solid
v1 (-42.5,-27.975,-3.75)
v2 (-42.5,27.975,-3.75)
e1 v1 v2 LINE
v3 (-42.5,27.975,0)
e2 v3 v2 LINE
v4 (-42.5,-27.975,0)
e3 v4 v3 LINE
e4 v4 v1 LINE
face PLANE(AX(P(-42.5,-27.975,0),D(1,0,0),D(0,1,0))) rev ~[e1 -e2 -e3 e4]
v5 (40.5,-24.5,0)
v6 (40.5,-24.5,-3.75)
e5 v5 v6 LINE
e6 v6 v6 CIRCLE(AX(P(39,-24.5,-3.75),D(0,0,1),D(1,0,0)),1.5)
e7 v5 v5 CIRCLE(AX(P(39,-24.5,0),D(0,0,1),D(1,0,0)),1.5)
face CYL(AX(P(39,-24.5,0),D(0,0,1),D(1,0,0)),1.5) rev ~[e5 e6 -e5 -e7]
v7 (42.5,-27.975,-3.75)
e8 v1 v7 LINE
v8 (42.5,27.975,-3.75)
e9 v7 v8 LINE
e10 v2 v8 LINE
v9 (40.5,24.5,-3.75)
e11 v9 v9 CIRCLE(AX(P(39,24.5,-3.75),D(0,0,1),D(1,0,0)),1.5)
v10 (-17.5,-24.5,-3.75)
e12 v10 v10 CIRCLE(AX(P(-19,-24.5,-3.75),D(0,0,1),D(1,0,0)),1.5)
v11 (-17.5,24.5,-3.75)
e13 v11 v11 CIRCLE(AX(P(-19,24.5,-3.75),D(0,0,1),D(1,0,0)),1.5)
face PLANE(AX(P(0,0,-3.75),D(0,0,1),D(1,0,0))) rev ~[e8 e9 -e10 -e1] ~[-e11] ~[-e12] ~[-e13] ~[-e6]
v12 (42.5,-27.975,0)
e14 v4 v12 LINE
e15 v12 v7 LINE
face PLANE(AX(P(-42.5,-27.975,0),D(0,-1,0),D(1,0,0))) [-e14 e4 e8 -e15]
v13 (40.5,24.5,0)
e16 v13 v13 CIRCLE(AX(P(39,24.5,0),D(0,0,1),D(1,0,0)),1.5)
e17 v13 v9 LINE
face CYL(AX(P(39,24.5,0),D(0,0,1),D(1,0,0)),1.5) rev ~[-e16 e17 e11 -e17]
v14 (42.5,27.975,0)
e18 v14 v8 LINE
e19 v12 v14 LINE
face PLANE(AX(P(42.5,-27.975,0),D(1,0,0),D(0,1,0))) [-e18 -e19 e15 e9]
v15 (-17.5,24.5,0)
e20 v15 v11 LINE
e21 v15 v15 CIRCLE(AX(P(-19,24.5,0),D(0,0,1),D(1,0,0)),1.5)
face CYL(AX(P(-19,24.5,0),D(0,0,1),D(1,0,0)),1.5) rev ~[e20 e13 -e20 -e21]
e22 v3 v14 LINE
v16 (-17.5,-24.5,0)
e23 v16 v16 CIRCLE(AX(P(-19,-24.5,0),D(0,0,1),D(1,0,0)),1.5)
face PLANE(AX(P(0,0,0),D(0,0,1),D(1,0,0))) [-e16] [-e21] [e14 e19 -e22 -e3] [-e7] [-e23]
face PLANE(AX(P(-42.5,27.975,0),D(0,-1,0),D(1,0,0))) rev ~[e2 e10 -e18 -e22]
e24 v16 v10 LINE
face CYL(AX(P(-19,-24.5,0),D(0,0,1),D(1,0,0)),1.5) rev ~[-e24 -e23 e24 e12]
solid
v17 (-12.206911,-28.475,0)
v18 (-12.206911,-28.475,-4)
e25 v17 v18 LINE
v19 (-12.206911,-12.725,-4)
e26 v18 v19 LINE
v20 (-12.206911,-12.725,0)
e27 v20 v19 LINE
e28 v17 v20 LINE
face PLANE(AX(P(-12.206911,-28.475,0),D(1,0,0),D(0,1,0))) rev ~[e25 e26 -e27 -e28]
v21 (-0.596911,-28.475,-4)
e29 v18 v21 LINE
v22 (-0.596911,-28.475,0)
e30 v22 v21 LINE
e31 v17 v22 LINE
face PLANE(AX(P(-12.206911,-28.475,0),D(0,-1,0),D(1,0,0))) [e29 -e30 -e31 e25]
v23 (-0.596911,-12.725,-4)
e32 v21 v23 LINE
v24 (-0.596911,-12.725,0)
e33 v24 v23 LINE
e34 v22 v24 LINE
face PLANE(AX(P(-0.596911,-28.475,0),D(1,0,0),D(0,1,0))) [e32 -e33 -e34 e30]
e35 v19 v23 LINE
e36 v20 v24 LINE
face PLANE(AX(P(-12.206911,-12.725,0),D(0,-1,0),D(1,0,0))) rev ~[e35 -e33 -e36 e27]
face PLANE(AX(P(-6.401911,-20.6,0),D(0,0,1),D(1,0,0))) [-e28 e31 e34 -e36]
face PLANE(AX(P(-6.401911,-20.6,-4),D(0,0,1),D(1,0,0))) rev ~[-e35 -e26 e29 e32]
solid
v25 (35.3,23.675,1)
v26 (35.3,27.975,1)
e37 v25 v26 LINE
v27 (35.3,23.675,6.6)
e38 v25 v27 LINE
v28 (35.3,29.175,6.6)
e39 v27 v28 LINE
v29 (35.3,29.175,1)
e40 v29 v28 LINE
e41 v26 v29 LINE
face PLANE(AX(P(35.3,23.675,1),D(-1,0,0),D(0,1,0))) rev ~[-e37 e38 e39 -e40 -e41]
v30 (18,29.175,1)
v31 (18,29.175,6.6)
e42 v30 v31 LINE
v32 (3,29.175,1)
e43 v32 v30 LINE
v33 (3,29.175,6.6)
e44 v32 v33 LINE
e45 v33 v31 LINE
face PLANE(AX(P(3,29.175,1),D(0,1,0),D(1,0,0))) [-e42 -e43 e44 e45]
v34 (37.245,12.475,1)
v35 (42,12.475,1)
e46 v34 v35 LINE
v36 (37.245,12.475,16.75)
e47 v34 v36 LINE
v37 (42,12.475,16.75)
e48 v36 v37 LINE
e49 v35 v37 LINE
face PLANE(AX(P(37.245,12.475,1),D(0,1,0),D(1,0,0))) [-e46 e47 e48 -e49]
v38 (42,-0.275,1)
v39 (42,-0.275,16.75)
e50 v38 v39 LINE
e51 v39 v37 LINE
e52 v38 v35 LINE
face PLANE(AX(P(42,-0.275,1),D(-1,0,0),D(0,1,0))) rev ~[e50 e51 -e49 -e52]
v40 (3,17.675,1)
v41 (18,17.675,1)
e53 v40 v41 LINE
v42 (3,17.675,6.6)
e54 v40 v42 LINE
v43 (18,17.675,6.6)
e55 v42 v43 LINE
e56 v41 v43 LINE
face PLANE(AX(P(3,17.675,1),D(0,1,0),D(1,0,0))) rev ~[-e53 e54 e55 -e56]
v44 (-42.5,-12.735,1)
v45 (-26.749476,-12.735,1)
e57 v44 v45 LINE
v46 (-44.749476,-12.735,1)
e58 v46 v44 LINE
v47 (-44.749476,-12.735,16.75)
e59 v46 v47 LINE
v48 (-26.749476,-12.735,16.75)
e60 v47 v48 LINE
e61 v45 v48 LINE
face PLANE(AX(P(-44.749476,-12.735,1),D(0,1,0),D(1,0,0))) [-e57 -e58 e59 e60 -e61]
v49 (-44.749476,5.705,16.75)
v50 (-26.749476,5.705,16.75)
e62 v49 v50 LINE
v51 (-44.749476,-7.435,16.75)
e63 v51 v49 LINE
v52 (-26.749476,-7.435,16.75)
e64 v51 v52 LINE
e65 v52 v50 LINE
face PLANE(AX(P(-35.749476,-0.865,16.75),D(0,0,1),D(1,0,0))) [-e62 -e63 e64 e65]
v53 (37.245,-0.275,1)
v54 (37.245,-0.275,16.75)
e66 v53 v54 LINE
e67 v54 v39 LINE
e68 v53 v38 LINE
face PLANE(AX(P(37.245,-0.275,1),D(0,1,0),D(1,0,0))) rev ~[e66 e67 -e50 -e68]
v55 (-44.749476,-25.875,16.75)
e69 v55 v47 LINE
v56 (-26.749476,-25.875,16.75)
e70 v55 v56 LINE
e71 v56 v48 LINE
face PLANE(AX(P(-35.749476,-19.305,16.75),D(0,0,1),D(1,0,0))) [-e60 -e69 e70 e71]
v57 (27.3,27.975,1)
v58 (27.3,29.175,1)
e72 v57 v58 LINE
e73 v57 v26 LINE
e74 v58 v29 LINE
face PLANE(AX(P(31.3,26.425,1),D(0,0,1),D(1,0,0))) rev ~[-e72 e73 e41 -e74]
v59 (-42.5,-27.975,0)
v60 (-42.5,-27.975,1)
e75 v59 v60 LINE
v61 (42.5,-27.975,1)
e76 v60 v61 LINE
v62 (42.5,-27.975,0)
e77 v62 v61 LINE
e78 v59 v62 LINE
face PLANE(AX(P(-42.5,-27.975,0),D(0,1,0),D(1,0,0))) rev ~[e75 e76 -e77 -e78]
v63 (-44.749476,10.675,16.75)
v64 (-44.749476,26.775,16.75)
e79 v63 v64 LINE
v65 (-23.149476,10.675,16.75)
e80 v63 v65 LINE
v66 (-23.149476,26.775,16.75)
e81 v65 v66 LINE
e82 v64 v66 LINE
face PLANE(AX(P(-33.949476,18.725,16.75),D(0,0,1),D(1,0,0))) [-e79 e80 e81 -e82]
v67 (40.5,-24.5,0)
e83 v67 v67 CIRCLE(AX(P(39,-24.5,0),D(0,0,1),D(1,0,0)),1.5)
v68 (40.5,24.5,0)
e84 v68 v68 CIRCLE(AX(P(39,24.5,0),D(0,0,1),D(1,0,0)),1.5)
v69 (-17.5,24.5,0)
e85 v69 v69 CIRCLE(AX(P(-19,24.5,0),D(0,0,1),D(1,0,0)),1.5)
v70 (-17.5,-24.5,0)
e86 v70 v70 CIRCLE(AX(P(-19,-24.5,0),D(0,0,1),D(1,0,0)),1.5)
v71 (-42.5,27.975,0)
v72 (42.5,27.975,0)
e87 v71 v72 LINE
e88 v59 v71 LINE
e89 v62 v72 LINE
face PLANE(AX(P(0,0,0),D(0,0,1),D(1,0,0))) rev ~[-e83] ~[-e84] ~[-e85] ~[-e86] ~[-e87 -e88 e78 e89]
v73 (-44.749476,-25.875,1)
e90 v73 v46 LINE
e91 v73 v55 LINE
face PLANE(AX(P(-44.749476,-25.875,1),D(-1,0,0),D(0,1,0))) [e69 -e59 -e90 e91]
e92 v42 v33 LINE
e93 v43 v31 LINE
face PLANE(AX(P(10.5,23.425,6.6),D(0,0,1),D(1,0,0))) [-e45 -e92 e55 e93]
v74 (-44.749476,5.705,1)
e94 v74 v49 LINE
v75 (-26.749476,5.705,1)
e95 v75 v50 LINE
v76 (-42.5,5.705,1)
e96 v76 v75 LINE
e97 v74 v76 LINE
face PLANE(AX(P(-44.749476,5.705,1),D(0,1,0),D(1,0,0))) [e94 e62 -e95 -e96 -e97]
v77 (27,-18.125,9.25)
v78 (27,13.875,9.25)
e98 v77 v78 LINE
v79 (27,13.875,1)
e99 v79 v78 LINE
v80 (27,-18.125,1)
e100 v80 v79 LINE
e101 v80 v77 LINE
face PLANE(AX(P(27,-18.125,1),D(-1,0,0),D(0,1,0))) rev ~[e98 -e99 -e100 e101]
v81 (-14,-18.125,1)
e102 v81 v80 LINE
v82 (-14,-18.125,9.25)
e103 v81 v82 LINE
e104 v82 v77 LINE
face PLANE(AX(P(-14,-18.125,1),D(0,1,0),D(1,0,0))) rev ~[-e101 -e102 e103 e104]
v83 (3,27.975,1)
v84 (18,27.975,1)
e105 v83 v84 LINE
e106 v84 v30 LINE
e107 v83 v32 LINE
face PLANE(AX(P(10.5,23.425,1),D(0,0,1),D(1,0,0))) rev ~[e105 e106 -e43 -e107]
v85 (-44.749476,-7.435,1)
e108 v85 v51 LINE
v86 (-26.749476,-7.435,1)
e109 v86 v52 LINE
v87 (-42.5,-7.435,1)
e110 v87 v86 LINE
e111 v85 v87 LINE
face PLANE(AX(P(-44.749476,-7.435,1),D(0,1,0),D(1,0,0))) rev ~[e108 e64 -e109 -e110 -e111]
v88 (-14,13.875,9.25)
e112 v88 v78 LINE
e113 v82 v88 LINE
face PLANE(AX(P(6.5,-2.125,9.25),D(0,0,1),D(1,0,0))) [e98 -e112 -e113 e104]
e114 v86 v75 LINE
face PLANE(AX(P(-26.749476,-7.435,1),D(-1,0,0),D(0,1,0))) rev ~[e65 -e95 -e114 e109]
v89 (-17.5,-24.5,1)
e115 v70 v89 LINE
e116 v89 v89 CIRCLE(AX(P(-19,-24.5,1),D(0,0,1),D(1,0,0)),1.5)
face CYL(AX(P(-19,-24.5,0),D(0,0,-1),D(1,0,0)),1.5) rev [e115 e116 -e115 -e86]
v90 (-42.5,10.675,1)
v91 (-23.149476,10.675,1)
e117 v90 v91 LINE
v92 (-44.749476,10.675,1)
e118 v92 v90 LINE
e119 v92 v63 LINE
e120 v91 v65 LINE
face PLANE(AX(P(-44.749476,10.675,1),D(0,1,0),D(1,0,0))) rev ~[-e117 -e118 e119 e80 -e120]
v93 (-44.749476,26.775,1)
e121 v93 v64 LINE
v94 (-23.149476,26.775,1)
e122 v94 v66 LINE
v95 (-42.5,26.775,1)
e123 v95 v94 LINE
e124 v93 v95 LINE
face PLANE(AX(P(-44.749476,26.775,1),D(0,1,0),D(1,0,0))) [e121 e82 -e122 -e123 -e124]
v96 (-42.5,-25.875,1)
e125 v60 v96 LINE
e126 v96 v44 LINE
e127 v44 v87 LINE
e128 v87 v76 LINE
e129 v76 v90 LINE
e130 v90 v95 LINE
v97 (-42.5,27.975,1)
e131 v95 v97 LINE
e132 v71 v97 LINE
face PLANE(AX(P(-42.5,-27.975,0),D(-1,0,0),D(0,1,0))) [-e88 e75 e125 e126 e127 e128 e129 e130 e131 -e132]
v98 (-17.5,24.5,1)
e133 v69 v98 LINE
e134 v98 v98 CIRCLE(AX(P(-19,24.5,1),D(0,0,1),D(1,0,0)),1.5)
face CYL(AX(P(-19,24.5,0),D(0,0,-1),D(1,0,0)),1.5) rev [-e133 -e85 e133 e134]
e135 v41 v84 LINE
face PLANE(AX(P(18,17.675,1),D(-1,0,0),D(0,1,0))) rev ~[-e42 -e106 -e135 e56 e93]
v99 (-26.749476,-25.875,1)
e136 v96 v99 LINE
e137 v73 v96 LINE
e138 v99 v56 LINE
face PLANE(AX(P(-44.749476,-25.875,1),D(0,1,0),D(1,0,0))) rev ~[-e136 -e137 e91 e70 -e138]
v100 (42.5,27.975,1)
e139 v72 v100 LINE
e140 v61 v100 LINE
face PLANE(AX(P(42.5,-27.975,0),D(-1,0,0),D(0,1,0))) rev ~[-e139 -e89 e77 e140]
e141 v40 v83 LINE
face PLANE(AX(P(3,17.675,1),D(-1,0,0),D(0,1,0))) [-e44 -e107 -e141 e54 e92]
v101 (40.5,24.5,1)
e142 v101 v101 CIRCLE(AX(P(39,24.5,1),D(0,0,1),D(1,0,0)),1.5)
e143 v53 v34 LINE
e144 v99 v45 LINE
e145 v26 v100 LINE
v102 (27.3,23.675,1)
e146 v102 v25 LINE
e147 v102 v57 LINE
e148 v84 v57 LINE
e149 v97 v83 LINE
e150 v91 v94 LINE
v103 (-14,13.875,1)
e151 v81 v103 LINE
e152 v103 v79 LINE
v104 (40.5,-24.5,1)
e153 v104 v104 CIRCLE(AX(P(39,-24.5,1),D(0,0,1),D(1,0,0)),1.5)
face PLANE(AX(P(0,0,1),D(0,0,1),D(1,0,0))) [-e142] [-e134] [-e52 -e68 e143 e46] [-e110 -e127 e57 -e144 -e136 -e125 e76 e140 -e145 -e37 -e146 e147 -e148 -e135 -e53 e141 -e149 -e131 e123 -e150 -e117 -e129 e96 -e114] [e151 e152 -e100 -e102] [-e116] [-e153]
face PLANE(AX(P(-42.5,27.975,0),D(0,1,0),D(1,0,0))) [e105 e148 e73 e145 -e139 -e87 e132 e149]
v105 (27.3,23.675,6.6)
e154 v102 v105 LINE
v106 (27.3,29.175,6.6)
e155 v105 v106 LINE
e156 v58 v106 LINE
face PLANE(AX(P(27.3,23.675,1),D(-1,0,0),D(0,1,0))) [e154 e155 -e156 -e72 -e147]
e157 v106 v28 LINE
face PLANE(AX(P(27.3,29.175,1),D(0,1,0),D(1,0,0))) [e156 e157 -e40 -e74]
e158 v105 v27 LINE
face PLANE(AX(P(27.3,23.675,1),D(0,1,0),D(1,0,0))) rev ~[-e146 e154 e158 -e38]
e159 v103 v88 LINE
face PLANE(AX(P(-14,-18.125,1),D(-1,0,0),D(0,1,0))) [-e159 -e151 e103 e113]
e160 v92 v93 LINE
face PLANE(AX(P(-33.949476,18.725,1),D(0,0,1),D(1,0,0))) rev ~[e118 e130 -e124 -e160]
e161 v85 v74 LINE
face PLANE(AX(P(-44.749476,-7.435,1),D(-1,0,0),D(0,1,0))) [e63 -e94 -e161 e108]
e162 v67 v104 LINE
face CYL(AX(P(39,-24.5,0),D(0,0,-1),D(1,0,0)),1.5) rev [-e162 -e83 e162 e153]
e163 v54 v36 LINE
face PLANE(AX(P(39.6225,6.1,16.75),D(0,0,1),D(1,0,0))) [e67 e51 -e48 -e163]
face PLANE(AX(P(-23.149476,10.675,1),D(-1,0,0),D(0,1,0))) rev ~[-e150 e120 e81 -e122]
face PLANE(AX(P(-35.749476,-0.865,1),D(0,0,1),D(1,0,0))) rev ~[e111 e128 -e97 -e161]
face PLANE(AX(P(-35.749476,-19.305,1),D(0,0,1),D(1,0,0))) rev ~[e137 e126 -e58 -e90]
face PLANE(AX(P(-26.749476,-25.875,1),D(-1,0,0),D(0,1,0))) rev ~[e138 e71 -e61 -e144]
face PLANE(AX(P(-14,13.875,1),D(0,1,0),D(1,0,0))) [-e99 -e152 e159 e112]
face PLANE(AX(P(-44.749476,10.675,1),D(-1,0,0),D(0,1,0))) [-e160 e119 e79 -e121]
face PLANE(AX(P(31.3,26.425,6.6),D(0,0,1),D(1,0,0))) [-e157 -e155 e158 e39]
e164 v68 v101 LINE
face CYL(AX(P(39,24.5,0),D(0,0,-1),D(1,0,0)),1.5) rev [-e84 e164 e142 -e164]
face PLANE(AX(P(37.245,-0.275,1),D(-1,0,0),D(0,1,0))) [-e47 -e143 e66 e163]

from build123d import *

# Parameters (mm, degrees)
SKETCH1_W                         = 85
SKETCH1_H                         = 55.95
SKETCH1_R                         = 1.5
BOSS_EXTRUDE1_DEPTH               = 1
SKETCH1_2_W                       = 85
SKETCH1_2_H                       = 55.95
SKETCH1_2_R                       = 1.5
BOSS_EXTRUDE2_LOWER_KEEPOUT_DEPTH = 3.75
SKETCH3_W                         = 41
SKETCH3_H                         = 32
BOSS_EXTRUDE3_DEPTH               = 8.25
SKETCH4_W                         = 18
SKETCH4_H                         = 13.14
SKETCH4_W_2                       = 4.755
SKETCH4_H_2                       = 12.75
SKETCH4_W_3                       = 21.6
SKETCH4_H_3                       = 16.1
BOSS_EXTRUDE4_DEPTH               = 15.75
SKETCH5_W                         = 15
SKETCH5_H                         = 11.5
SKETCH5_W_2                       = 8
SKETCH5_H_2                       = 5.5
BOSS_EXTRUDE5_DEPTH               = 5.6
SKETCH6_W                         = 11.61
SKETCH6_H                         = 15.75
BOSS_EXTRUDE6_DEPTH               = 4


with BuildPart() as part:
    # Sketch1 → Boss-Extrude1 (new body)
    with BuildSketch(Plane.XY):
        Rectangle(SKETCH1_W, SKETCH1_H)
        with Locations((-19.000000078, 24.5)):
            Circle(SKETCH1_R, mode=Mode.SUBTRACT)
        with Locations((-19.000000078, -24.5)):
            Circle(SKETCH1_R, mode=Mode.SUBTRACT)
        with Locations((39, 24.5)):
            Circle(SKETCH1_R, mode=Mode.SUBTRACT)
        with Locations((39, -24.5)):
            Circle(SKETCH1_R, mode=Mode.SUBTRACT)
    extrude(amount=BOSS_EXTRUDE1_DEPTH)

    # Sketch3 → Boss-Extrude3 (add)
    with BuildSketch(Plane.XY.offset(1)):
        with Locations((6.5, -2.125)):
            Rectangle(SKETCH3_W, SKETCH3_H)
    extrude(amount=BOSS_EXTRUDE3_DEPTH)

    # Sketch4 → Boss-Extrude4 (add)
    with BuildSketch(Plane.XY.offset(1)):
        with Locations((-35.74947609, -0.865)):
            Rectangle(SKETCH4_W, SKETCH4_H)
        with Locations((-35.74947609, -19.305)):
            Rectangle(SKETCH4_W, SKETCH4_H)
        with Locations((39.6225, 6.1)):
            Rectangle(SKETCH4_W_2, SKETCH4_H_2)
        with Locations((-33.94947609, 18.725)):
            Rectangle(SKETCH4_W_3, SKETCH4_H_3)
    extrude(amount=BOSS_EXTRUDE4_DEPTH)

    # Sketch5 → Boss-Extrude5 (add)
    with BuildSketch(Plane.XY.offset(1)):
        with Locations((10.5, 23.425)):
            Rectangle(SKETCH5_W, SKETCH5_H)
        with Locations((31.3, 26.425)):
            Rectangle(SKETCH5_W_2, SKETCH5_H_2)
    extrude(amount=BOSS_EXTRUDE5_DEPTH)


with BuildPart() as body_2:
    # Sketch1<2> → Boss-Extrude2-lower-keepout (new body)
    with BuildSketch(Plane.XY):
        Rectangle(SKETCH1_2_W, SKETCH1_2_H)
        with Locations((-19.000000078, 24.5)):
            Circle(SKETCH1_2_R, mode=Mode.SUBTRACT)
        with Locations((-19.000000078, -24.5)):
            Circle(SKETCH1_2_R, mode=Mode.SUBTRACT)
        with Locations((39, 24.5)):
            Circle(SKETCH1_2_R, mode=Mode.SUBTRACT)
        with Locations((39, -24.5)):
            Circle(SKETCH1_2_R, mode=Mode.SUBTRACT)
    extrude(amount=-BOSS_EXTRUDE2_LOWER_KEEPOUT_DEPTH)


with BuildPart() as body_3:
    # Sketch6 → Boss-Extrude6 (new body)
    with BuildSketch(Plane.XY):
        with Locations((-6.401910681, -20.6)):
            Rectangle(SKETCH6_W, SKETCH6_H)
    extrude(amount=-BOSS_EXTRUDE6_DEPTH)


solid = Compound([part.part, body_2.part, body_3.part])
